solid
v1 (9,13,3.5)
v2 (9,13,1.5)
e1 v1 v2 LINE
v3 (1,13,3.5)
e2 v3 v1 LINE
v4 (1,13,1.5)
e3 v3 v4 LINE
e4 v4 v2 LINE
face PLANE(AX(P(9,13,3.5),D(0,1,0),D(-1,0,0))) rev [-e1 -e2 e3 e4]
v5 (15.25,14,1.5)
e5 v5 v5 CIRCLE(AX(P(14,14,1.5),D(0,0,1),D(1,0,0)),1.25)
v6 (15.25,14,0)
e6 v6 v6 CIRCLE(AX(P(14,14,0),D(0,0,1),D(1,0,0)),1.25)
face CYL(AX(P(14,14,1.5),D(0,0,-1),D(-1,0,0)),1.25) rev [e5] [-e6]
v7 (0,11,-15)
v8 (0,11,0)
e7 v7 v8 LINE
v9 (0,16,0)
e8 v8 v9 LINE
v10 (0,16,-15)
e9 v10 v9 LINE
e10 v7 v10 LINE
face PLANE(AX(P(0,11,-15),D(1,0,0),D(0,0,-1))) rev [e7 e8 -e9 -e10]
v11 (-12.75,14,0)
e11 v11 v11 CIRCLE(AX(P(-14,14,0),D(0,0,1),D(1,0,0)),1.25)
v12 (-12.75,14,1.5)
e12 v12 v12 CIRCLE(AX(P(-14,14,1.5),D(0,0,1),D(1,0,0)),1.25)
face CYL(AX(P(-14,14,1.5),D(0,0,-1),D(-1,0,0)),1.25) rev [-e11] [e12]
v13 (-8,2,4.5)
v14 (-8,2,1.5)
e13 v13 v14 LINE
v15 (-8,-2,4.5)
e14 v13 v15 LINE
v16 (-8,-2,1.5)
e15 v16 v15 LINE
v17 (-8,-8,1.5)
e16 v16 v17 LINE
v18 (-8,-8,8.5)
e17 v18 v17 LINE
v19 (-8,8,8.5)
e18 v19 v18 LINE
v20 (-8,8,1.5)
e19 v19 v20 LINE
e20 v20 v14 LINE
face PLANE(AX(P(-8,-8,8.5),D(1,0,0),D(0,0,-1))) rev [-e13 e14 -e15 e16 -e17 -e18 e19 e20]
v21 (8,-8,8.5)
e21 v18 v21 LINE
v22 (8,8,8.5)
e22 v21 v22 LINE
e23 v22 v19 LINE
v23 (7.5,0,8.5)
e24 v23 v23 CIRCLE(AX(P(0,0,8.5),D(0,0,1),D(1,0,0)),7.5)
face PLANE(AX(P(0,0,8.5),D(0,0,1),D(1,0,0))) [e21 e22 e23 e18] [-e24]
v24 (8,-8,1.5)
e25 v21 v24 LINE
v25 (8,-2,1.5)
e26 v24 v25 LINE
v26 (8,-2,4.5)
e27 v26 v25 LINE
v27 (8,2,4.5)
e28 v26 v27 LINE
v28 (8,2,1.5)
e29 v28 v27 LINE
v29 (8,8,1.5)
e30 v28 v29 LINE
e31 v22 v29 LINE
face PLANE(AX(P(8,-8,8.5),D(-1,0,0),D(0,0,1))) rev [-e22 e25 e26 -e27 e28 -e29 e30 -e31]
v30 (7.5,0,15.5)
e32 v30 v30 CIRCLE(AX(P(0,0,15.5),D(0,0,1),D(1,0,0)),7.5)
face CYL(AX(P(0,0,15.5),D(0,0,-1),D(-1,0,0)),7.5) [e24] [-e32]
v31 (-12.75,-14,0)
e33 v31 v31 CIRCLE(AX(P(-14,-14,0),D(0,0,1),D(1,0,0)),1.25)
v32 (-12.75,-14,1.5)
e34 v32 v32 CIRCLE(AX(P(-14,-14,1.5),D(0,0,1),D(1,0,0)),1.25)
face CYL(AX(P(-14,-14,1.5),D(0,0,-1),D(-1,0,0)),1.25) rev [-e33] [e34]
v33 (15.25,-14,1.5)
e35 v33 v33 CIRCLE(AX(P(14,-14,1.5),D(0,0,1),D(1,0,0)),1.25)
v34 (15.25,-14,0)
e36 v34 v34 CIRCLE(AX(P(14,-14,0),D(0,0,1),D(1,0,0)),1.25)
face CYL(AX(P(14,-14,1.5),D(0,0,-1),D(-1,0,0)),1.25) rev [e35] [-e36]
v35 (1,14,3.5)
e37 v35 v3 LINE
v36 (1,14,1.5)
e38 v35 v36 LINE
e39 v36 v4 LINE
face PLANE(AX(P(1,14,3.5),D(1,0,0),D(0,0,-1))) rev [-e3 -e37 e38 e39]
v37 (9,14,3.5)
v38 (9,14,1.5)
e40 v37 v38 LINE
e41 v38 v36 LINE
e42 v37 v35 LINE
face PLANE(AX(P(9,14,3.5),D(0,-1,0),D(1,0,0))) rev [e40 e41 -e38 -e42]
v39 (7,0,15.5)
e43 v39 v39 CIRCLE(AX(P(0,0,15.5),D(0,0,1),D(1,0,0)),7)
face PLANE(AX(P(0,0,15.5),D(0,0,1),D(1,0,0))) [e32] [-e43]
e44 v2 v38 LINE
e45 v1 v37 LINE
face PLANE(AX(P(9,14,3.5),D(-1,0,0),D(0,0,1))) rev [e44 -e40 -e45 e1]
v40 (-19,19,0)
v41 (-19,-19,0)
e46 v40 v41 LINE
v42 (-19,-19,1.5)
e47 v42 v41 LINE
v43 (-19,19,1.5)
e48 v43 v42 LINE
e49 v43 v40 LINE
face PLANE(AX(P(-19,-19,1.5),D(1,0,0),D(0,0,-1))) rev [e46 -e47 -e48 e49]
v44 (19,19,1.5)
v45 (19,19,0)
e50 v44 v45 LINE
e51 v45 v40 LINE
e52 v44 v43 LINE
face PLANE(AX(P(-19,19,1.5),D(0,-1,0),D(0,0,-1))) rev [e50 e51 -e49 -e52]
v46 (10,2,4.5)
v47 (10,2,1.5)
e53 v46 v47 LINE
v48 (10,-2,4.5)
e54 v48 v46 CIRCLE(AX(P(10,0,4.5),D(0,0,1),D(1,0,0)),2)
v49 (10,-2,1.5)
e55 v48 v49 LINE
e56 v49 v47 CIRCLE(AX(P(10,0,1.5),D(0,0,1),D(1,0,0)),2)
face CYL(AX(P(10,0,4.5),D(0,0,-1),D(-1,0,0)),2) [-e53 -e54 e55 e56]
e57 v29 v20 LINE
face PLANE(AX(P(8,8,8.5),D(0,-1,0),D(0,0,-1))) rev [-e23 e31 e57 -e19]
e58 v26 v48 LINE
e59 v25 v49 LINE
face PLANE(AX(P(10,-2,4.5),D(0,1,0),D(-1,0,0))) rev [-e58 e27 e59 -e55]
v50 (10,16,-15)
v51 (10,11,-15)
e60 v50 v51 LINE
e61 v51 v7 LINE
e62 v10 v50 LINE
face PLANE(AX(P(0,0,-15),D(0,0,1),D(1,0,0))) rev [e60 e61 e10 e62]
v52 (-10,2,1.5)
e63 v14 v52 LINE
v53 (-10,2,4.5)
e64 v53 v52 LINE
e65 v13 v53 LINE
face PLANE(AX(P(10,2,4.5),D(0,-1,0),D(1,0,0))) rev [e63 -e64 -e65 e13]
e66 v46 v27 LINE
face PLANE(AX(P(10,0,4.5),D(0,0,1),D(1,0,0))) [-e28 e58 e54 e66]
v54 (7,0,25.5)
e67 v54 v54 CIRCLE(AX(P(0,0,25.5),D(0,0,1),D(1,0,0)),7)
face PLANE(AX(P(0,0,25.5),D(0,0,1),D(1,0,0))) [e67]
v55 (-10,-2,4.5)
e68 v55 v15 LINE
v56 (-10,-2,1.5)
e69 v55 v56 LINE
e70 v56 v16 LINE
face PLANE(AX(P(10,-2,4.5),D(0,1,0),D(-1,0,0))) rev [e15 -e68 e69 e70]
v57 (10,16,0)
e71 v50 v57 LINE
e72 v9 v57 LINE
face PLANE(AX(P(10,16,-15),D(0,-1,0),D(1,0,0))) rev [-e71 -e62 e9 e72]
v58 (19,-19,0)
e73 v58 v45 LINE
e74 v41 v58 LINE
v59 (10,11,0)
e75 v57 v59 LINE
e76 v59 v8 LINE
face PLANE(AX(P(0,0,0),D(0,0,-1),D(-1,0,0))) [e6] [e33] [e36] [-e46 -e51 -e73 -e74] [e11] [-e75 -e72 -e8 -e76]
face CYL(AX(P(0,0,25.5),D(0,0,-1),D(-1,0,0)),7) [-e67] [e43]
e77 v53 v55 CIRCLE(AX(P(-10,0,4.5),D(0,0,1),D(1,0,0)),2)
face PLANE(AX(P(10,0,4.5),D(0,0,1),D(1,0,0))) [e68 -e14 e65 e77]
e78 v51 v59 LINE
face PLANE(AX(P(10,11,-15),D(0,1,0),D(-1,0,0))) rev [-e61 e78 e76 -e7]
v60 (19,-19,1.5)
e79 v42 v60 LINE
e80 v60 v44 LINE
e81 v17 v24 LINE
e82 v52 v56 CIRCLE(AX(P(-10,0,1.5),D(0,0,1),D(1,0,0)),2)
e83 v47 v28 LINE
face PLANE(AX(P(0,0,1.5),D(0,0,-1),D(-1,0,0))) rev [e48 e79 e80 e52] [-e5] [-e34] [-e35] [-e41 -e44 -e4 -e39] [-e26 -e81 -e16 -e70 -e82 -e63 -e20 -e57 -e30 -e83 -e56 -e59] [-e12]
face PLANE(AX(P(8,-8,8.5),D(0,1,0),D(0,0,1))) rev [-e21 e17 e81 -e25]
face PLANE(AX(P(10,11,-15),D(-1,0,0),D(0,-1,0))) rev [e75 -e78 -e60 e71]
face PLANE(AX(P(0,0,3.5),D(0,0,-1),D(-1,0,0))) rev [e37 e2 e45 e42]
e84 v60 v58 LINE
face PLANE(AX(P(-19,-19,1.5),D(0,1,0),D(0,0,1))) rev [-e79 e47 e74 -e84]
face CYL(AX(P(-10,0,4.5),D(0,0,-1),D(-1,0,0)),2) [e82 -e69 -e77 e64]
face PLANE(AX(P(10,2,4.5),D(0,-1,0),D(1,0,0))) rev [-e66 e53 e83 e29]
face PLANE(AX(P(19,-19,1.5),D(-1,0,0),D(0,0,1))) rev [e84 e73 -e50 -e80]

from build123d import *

# Parameters (mm, degrees)
SKETCH_1_W      = 38
SKETCH_1_H      = 38
SKETCH_1_R      = 1.25
EXTRUDE_1_DEPTH = 1.5
SKETCH_2_W      = 16
SKETCH_2_H      = 16
EXTRUDE_2_DEPTH = 7
SKETCH_3_R      = 7.5
EXTRUDE_3_DEPTH = 7
EXTRUDE_4_DEPTH = 3
SKETCH_6_W      = 10
SKETCH_6_H      = 5
EXTRUDE_5_DEPTH = 15
SKETCH_7_R      = 7
EXTRUDE_6_DEPTH = 10
SKETCH_8_W      = 8
SKETCH_8_H      = 1
EXTRUDE_7_DEPTH = 2


with BuildPart() as part:
    # 草图1 → 凸台-拉伸1 (new body)
    with BuildSketch(Plane.XY):
        Rectangle(SKETCH_1_W, SKETCH_1_H)
        with Locations((-14, 14)):
            Circle(SKETCH_1_R, mode=Mode.SUBTRACT)
        with Locations((14, 14)):
            Circle(SKETCH_1_R, mode=Mode.SUBTRACT)
        with Locations((14, -14)):
            Circle(SKETCH_1_R, mode=Mode.SUBTRACT)
        with Locations((-14, -14)):
            Circle(SKETCH_1_R, mode=Mode.SUBTRACT)
    extrude(amount=EXTRUDE_1_DEPTH)

    # 草图2 → 凸台-拉伸2 (add)
    with BuildSketch(Plane.XY.offset(1.5)):
        Rectangle(SKETCH_2_W, SKETCH_2_H)
    extrude(amount=EXTRUDE_2_DEPTH)

    # 草图3 → 凸台-拉伸3 (add)
    with BuildSketch(Plane.XY.offset(8.5)):
        Circle(SKETCH_3_R)
    extrude(amount=EXTRUDE_3_DEPTH)

    # 草图5 → 凸台-拉伸4 (add)
    with BuildSketch(Plane.XY.offset(1.5)):
        with BuildLine():
            Line((10, -2), (-10, -2))
            ThreePointArc((-10, -2), (-12, 0), (-10, 2))
            Line((-10, 2), (10, 2))
            ThreePointArc((10, 2), (12, 0), (10, -2))
        make_face()
    extrude(amount=EXTRUDE_4_DEPTH)

    # 草图6 → 凸台-拉伸5 (add)
    with BuildSketch(Plane(origin=(0, 0, 0), x_dir=(-1, 0, 0), z_dir=(0, 0, -1))):
        with Locations((-5, 13.5)):
            Rectangle(SKETCH_6_W, SKETCH_6_H)
    extrude(amount=EXTRUDE_5_DEPTH)

    # 草图7 → 凸台-拉伸6 (add)
    with BuildSketch(Plane.XY.offset(15.5)):
        Circle(SKETCH_7_R)
    extrude(amount=EXTRUDE_6_DEPTH)

    # 草图8 → 凸台-拉伸7 (add)
    with BuildSketch(Plane.XY.offset(1.5)):
        with Locations((5, 13.5)):
            Rectangle(SKETCH_8_W, SKETCH_8_H)
    extrude(amount=EXTRUDE_7_DEPTH)


solid = part.part
